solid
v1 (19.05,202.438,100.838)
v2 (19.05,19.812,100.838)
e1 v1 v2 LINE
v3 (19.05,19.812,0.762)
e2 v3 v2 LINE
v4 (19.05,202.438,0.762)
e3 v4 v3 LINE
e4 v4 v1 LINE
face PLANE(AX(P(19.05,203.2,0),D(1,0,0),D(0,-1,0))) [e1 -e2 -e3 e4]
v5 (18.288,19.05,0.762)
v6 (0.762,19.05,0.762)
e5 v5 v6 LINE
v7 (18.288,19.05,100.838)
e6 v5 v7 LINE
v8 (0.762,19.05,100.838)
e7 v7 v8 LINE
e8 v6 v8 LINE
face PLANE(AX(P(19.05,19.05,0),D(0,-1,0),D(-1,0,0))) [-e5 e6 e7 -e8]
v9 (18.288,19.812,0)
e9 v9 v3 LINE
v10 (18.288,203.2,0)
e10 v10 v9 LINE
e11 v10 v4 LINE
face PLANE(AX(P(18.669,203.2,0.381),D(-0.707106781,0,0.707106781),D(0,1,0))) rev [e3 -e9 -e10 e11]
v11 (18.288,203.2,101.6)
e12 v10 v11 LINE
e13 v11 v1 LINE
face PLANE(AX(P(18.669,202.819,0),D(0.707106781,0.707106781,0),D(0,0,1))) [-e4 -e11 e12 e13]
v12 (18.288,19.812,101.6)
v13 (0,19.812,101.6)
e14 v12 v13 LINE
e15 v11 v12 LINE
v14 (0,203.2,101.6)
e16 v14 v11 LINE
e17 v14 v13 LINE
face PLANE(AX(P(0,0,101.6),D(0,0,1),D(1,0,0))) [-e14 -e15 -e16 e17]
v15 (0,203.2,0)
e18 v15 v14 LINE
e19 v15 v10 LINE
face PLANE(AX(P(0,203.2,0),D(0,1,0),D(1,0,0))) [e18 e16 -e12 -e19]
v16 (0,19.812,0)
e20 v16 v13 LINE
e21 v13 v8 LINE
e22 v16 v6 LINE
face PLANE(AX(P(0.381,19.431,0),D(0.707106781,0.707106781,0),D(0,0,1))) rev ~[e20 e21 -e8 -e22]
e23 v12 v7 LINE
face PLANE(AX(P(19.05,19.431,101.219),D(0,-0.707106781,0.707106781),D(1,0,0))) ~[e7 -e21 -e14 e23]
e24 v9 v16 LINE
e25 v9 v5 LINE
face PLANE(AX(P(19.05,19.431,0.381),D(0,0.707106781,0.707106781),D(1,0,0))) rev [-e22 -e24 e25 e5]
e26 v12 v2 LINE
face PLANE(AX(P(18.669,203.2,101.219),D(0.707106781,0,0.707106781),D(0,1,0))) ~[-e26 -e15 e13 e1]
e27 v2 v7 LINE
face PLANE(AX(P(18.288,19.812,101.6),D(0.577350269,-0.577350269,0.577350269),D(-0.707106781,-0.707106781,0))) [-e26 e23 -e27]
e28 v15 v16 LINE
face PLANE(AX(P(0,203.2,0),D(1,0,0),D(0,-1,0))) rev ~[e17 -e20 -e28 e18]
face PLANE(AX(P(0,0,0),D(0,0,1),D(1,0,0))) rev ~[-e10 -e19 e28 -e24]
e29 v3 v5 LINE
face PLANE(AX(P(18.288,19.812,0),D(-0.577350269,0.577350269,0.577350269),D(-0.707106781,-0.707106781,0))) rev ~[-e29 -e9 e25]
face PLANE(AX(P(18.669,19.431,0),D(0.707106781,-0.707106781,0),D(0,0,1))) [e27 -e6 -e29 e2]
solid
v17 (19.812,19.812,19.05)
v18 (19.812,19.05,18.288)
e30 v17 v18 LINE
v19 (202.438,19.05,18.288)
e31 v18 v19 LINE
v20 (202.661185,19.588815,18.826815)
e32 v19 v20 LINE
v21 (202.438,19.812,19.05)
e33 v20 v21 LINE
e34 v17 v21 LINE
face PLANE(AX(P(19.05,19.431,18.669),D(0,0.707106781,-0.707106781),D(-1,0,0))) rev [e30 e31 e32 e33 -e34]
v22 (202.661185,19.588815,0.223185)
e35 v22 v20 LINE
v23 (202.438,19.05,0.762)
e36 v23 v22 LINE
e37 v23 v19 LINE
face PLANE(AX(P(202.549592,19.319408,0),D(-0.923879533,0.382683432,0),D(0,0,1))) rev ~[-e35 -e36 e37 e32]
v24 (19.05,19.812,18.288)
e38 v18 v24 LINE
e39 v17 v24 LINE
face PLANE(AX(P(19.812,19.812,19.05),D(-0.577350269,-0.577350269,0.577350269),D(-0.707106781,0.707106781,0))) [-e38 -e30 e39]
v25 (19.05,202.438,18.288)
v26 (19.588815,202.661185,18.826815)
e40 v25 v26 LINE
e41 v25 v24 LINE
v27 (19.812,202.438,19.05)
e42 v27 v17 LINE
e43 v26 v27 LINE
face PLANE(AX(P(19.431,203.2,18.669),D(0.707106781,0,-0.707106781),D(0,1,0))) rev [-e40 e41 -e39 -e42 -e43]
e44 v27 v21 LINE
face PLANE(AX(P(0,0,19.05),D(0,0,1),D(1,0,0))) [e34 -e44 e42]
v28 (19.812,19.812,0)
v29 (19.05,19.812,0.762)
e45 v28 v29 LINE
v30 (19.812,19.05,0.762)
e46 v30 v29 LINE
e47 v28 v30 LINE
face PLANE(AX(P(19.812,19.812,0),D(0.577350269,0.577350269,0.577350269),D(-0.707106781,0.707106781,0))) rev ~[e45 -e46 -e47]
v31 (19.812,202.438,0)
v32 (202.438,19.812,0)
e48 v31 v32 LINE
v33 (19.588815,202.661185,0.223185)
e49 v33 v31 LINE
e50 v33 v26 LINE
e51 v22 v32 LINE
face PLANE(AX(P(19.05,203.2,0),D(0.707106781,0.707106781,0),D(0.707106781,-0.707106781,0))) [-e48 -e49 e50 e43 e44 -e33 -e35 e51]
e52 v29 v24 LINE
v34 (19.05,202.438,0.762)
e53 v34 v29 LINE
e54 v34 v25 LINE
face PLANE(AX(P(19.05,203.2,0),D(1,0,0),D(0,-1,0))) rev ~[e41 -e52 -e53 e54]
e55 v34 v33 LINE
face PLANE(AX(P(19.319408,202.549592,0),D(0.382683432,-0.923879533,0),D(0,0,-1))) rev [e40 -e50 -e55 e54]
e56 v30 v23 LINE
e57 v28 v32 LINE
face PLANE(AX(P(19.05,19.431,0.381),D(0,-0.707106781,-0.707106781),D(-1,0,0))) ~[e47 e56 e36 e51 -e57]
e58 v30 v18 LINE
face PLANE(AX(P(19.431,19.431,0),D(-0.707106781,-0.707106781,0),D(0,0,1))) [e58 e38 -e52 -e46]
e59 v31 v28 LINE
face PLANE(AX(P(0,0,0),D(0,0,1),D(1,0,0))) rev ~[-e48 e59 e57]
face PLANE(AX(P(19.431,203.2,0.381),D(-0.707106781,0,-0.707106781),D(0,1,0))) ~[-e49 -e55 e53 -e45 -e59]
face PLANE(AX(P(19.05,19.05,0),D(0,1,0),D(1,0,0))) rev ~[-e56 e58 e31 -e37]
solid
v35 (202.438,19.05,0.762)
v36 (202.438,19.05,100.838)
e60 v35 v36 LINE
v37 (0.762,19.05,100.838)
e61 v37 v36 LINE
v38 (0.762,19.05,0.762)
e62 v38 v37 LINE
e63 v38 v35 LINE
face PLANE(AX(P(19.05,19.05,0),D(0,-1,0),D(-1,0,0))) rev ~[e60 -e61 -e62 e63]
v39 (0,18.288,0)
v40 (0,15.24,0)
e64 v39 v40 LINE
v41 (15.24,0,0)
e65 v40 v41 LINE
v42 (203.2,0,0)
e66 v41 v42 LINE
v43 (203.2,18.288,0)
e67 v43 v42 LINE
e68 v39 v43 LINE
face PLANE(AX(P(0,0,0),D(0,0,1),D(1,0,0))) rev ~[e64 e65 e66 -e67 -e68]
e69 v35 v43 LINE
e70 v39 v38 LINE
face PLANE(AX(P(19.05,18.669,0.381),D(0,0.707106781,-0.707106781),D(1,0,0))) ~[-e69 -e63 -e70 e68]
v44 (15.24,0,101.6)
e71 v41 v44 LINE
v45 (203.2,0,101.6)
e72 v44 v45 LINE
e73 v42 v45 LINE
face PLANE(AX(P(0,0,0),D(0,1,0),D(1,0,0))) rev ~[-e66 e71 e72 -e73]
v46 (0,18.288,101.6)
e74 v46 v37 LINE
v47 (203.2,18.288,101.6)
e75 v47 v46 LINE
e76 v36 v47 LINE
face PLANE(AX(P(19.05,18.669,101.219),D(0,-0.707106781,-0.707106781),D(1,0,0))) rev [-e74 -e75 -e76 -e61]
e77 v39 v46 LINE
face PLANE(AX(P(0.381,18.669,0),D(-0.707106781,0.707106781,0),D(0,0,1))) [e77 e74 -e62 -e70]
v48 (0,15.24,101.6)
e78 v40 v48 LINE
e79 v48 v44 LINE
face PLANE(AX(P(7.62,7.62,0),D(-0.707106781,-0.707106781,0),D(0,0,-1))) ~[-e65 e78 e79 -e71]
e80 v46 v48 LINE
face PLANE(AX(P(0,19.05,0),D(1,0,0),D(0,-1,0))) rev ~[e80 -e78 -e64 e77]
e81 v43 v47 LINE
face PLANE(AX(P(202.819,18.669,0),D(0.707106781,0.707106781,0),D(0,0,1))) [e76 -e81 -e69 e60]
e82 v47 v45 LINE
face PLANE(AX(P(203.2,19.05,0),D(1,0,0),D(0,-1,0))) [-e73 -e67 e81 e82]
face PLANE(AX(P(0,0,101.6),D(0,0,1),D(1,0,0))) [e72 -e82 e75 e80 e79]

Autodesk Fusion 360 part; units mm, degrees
sketch "Sketch1" plane through (0, 0, 0) normal (0, 0, 1) x (1, 0, 0)
  line L0 (0, 0) -> (203.2, 0)
  line L1 (203.2, 0) -> (203.2, 203.2) construction
  line L2 (203.2, 203.2) -> (0, 203.2) construction
  line L3 (0, 203.2) -> (0, 0)
  line L4 (203.2, 203.2) -> (19.05, 203.2) construction
  line L5 (19.05, 203.2) -> (19.05, 19.05)
  line L6 (19.05, 19.05) -> (203.2, 19.05)
  line L7 (203.2, 19.05) -> (203.2, 203.2) construction
  line L8 (0, 203.2) -> (19.05, 203.2)
  line L9 (203.2, 19.05) -> (203.2, 0)
  line L10 (19.05, 19.05) -> (0, 19.05)
  line L11 (19.05, 203.2) -> (203.2, 19.05)
  dimension "d1" = 203.2
  dimension "d3" = 203.2
  dimension "d4" = 184.15
  dimension "d5" = 184.15
extrude "Extrude1" add sketch "Sketch1" along normal blind 19.05 contours L5 L6 L11 makes body 1 in component "Bottom"
chamfer "Chamfer1" distance 0.762 angle 45 2 faces at (141.8167, 19.05, 6.35) (19.05, 80.4333, 12.7) on bodies 1 in component "Bottom"
extrude "Extrude1'" add sketch "Sketch1" along normal blind 101.6 separate body contours L3 L5 L8 L10 makes body 2 in component "Side 1"
chamfer "Chamfer1'" distance 0.762 angle 45 2 faces at (19.05, 141.8167, 33.8667) (12.7, 19.05, 33.8667) on bodies 2 in component "Side 1"
extrude "Extrude1''" add sketch "Sketch1" along normal blind 101.6 separate body contours L0 L3 L6 L9 L10 makes body 3 in component "Side 2"
chamfer "Chamfer2" distance 0.762 angle 45 2 faces at (12.7, 19.05, 33.8667) (80.4333, 19.05, 33.8667) on bodies 3 in component "Side 2"
chamfer "Chamfer1''" distance 15.24 angle 45 1 edges at (0, 0, 50.8) on bodies 3 in component "Side 2"
component "Bottom" placed x (1, 0, 0) y (0, 1, 0) z (0, 0, 1) at (0, 0, 0)
component "Side 1" placed x (1, 0, 0) y (0, 1, 0) z (0, 0, 1) at (0, 0, 0)
component "Side 2" placed x (1, 0, 0) y (0, 1, 0) z (0, 0, 1) at (0, 0, 0)
equation "d3 = d1"
equation "d4 = d1 - 0.75 in"
equation "d5 = d4"
